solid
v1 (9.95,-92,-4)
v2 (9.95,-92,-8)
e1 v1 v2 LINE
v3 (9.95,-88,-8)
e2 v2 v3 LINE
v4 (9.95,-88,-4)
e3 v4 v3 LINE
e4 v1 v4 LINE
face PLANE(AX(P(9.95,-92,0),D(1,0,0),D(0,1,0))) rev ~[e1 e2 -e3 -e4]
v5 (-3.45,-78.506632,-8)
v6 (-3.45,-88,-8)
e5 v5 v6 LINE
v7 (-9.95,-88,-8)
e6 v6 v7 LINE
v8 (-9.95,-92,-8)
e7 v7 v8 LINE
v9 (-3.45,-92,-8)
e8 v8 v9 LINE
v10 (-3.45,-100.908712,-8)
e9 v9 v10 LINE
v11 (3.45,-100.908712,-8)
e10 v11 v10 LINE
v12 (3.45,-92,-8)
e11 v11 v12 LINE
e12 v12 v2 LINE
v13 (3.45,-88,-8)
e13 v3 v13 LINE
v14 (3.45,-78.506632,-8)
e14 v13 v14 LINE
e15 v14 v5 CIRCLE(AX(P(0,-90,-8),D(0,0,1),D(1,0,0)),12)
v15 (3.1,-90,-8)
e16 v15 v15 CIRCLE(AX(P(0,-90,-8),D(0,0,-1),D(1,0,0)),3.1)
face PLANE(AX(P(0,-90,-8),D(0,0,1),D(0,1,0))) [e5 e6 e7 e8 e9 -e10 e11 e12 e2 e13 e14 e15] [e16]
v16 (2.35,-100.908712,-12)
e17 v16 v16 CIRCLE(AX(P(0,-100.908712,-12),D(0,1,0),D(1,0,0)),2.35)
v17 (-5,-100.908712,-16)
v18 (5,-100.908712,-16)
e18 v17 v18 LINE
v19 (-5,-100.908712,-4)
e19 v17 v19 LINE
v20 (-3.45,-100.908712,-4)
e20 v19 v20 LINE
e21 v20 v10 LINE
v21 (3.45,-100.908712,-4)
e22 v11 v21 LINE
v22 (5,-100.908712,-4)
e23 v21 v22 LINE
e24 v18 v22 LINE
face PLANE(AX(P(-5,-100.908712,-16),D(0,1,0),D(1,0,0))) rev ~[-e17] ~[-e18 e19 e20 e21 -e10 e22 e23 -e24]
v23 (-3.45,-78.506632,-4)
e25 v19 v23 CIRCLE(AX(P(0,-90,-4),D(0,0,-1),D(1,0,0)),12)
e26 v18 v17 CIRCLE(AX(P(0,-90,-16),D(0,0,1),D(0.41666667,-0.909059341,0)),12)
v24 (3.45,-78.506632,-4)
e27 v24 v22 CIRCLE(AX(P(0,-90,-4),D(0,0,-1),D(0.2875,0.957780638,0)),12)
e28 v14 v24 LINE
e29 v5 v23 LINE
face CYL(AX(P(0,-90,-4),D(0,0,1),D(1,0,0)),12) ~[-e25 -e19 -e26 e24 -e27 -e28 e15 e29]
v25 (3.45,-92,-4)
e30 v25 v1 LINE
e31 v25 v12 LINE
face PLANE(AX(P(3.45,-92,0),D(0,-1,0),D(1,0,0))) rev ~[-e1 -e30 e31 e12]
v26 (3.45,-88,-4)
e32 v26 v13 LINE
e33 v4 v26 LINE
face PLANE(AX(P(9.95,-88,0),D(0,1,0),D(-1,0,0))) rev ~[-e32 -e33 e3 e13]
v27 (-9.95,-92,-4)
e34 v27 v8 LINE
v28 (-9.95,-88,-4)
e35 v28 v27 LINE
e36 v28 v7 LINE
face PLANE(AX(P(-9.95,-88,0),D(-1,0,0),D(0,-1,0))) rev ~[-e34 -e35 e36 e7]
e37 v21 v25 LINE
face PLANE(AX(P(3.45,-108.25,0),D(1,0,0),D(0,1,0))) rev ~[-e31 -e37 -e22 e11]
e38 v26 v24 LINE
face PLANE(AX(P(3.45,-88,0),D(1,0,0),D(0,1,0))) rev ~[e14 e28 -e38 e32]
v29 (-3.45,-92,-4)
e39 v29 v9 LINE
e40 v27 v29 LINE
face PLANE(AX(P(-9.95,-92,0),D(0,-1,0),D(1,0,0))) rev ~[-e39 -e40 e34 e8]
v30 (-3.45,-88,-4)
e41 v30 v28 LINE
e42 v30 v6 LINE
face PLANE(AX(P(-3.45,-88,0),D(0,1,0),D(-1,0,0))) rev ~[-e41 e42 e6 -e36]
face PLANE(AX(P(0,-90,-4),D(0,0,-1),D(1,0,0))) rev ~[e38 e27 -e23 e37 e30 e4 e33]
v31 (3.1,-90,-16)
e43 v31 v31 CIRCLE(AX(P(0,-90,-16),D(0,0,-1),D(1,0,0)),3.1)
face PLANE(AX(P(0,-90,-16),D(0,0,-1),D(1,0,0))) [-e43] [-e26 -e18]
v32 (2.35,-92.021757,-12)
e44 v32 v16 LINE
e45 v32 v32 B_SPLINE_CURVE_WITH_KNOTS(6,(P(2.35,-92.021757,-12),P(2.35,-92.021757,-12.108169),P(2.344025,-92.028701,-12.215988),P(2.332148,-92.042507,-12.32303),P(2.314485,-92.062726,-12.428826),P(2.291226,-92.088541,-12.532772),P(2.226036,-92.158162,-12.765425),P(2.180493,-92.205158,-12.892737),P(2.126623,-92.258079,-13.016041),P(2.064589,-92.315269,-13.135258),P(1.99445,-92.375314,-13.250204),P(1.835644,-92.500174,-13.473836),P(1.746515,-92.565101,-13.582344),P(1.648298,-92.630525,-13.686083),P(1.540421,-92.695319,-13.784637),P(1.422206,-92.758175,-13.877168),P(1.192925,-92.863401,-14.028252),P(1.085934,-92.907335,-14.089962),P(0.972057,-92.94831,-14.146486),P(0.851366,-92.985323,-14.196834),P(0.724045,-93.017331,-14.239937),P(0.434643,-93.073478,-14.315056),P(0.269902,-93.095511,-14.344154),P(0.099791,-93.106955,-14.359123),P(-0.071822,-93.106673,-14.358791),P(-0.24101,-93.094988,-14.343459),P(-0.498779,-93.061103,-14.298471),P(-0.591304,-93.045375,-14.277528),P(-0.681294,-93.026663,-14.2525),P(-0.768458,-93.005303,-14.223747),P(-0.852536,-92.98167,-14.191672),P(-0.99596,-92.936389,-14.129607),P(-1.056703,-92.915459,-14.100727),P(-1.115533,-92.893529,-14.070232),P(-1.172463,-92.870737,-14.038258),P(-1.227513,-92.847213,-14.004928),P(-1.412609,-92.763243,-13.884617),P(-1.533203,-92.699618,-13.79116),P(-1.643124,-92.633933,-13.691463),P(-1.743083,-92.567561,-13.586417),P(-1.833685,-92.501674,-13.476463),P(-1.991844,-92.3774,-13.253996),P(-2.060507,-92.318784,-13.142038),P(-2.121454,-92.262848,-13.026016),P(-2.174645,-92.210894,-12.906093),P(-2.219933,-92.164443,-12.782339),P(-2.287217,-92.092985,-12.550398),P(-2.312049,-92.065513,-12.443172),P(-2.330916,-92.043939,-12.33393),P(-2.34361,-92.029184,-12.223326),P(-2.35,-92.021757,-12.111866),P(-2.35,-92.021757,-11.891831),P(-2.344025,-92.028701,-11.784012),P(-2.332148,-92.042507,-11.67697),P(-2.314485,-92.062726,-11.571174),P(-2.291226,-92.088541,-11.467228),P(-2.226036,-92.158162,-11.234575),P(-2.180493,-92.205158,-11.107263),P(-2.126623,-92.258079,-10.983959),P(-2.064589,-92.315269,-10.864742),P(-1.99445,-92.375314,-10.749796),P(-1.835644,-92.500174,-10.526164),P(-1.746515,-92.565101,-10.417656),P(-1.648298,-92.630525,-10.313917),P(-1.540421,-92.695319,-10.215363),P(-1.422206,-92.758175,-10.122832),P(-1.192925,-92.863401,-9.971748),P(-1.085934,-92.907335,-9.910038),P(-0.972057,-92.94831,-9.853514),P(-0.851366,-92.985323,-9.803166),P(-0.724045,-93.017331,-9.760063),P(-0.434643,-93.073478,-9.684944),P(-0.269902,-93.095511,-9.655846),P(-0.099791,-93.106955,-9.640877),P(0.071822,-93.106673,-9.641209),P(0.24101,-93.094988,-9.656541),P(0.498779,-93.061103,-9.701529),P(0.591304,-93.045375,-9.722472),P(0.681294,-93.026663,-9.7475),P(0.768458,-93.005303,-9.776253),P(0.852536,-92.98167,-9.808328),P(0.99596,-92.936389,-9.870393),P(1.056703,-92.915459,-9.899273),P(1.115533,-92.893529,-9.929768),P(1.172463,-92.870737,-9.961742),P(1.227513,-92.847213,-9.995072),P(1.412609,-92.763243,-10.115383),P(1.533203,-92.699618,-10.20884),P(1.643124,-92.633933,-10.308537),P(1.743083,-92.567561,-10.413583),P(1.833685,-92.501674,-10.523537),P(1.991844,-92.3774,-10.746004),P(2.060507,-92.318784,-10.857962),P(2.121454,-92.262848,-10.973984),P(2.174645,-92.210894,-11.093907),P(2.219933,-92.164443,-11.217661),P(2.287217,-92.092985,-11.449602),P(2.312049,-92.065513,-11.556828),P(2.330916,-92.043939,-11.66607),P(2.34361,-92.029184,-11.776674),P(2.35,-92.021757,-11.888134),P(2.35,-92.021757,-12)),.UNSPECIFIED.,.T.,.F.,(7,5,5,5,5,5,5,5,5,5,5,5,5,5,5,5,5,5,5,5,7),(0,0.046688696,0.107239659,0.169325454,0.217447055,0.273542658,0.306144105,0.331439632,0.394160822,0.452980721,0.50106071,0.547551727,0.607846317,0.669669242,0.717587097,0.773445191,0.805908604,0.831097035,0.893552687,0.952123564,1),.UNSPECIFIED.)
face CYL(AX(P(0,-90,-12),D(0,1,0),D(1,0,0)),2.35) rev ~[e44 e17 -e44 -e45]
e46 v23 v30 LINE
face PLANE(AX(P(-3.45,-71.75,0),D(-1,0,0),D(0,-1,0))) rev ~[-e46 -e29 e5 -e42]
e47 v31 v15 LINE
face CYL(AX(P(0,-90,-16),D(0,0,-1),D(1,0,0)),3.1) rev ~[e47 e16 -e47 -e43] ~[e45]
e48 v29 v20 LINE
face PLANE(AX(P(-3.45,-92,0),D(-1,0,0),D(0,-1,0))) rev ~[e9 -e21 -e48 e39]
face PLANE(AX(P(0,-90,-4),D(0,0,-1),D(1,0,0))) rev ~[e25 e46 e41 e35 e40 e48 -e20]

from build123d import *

# Parameters (mm, degrees)
PAD125_DEPTH            = 4
SKETCH248_R             = 12
PAD126_DEPTH            = 12
POCKET089_DEPTH         = 8
SKETCH249_R             = 3.1
POCKET090_DEPTH         = 12.001
SKETCH250_R             = 2.35
POCKET091_DEPTH         = 12.001
SKETCH251_W             = 10
SKETCH251_H             = 6.070738
POCKET092_DEPTH         = 12.001
BODY142_PLACEMENT_ANGLE = 180


with BuildPart() as part:
    # Sketch247 → Pad125 (new body)
    with BuildSketch(Plane.XY):
        Polygon((-3.45, 2), (-3.45, 18.25), (3.45, 18.25), (3.45, 2), (9.95, 2), (9.95, -2), (3.45, -2), (3.45, -18.25), (-3.45, -18.25), (-3.45, -2), (-9.95, -2), (-9.95, 2), align=None)
    extrude(amount=PAD125_DEPTH)

    # Sketch248 (on Face14 of Pad125) → Pad126 (join)
    with BuildSketch(Plane.XY.offset(4)):
        Circle(SKETCH248_R)
    extrude(amount=PAD126_DEPTH)

    # Pad126 Face4 → Pocket089 (cut)
    with BuildSketch(Plane(origin=(0, 0, 0), x_dir=(0, -1, 0), z_dir=(0, 0, -1))):
        Polygon((-2, 3.45), (-18.25, 3.45), (-18.25, -3.45), (-2, -3.45), (-2, -9.95), (2, -9.95), (2, -3.45), (18.25, -3.45), (18.25, 3.45), (2, 3.45), (2, 9.95), (-2, 9.95), align=None)
    extrude(amount=-POCKET089_DEPTH, mode=Mode.SUBTRACT)

    # Sketch249 (on Face9 of Pocket089) → Pocket090 (cut, through all)
    with BuildSketch(Plane.XY.offset(16)):
        Circle(SKETCH249_R)
    extrude(amount=-POCKET090_DEPTH, mode=Mode.SUBTRACT)

    # Sketch250 → Pocket091 (cut, through all)
    with BuildSketch(Plane.XZ):
        with Locations((0, 12)):
            Circle(SKETCH250_R)
    extrude(amount=-POCKET091_DEPTH, mode=Mode.SUBTRACT)

    # Sketch251 (on Face12 of Pocket091) → Pocket092 (cut, through all)
    with BuildSketch(Plane.XY.offset(16)):
        with Locations((0, 13.944081)):
            Rectangle(SKETCH251_W, SKETCH251_H)
    extrude(amount=-POCKET092_DEPTH, mode=Mode.SUBTRACT)


with BuildPart() as part_1:
    # Body142 placement: moved
    add(part.part.moved(Location((0, -90, 0))).rotate(Axis((0, -90, 0), (-1, 0, 0)), BODY142_PLACEMENT_ANGLE))


solid = part_1.part
